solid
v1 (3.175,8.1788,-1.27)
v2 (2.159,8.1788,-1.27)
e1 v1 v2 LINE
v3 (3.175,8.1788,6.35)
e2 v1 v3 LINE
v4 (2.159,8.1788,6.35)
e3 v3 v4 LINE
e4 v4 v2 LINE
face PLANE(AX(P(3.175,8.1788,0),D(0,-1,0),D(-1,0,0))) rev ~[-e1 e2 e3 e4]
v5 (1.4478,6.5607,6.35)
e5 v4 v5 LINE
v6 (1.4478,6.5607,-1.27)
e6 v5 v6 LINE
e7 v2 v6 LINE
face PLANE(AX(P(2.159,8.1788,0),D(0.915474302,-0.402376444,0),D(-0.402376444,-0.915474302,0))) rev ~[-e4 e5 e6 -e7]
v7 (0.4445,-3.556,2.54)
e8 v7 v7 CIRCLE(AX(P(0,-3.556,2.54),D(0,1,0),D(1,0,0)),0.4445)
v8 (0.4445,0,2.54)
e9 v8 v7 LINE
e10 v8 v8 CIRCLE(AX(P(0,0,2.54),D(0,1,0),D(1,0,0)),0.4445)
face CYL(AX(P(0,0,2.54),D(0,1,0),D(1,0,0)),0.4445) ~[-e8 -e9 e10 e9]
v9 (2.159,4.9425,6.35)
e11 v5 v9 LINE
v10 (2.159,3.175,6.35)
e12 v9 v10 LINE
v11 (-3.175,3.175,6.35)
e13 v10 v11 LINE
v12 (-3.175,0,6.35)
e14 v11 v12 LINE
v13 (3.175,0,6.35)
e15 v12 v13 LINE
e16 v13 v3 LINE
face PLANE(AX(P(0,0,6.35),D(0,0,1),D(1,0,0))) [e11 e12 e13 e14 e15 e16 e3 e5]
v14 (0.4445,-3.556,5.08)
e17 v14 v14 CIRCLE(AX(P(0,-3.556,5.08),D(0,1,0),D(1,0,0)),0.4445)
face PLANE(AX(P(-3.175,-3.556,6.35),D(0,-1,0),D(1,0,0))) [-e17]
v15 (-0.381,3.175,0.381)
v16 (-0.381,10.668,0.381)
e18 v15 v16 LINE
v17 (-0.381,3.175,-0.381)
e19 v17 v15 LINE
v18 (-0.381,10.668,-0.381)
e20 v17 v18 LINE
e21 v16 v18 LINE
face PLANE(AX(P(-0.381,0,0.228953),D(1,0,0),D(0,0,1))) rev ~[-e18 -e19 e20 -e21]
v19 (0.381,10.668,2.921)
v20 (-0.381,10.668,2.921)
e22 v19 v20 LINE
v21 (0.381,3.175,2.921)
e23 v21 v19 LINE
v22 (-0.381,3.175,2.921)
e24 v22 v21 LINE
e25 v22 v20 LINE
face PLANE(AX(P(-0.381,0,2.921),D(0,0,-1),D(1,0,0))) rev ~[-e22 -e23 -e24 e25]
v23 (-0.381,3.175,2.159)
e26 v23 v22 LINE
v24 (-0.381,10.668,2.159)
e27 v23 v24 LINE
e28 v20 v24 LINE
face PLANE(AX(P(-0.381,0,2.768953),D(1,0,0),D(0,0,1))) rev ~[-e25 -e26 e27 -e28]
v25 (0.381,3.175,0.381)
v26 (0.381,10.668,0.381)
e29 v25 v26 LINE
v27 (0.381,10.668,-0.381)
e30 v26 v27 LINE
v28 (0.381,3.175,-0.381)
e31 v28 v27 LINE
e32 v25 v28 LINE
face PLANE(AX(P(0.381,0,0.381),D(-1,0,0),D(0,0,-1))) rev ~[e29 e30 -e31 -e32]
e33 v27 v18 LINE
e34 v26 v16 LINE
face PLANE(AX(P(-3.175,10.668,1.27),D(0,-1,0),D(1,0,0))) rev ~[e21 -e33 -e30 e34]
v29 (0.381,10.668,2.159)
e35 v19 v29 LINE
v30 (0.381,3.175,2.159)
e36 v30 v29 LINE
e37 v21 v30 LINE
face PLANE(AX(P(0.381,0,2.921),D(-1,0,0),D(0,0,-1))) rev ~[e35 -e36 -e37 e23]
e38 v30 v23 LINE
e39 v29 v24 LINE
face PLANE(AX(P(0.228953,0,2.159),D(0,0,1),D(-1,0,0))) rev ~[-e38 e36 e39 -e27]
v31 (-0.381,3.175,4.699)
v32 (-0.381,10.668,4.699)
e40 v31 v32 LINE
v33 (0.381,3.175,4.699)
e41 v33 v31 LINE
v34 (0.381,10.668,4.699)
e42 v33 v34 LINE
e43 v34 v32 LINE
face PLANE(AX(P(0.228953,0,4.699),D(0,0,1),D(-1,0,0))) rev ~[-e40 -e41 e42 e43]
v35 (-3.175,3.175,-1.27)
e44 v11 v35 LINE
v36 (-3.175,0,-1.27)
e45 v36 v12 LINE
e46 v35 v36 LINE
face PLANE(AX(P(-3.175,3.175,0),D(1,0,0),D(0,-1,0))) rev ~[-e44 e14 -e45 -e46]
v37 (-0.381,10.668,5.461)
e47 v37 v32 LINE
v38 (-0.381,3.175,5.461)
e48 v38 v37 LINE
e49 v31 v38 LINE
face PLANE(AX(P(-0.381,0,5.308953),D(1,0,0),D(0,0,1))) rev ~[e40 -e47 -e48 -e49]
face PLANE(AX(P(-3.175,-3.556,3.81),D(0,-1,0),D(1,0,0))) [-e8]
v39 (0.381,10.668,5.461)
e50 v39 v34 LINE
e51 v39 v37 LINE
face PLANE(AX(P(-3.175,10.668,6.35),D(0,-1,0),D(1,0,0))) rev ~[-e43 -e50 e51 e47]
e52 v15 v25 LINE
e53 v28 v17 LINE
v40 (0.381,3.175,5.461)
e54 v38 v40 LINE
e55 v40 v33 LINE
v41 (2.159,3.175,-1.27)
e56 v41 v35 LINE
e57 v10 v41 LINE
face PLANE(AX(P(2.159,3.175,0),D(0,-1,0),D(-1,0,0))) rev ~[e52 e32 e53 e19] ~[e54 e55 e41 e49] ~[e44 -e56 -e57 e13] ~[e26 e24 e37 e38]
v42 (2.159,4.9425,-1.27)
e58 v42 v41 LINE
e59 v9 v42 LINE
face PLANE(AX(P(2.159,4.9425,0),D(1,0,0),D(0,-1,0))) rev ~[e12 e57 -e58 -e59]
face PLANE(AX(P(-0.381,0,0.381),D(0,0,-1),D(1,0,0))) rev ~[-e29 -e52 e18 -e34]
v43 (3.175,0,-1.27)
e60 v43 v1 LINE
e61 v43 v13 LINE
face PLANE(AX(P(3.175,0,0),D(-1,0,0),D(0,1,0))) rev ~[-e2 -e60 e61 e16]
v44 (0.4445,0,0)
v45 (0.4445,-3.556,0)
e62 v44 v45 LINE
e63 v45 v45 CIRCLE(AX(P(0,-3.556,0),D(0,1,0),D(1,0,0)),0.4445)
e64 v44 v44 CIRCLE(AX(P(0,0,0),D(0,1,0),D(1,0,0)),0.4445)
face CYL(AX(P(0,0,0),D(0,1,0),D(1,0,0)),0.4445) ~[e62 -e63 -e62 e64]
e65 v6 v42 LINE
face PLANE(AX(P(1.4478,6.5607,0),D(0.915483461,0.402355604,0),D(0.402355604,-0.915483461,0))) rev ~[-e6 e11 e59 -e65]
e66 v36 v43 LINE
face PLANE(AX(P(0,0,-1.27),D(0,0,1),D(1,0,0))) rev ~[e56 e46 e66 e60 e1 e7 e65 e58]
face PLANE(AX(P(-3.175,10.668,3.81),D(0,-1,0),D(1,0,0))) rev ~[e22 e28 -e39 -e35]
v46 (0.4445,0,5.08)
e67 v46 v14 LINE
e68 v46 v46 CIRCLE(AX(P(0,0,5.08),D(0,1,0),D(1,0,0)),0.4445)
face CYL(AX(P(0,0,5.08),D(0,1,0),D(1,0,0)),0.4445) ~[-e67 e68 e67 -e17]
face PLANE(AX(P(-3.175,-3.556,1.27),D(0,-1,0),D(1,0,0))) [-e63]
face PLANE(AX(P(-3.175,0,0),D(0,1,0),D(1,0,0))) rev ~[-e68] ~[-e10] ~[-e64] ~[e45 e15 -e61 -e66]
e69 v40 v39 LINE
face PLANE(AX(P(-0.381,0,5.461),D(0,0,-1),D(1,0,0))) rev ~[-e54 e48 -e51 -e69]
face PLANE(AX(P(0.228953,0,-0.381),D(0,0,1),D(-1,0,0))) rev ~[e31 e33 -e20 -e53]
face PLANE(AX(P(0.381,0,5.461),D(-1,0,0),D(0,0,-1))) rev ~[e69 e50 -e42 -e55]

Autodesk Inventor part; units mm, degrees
ref_plane "YZ Plane (RIGHT)" through (0, 0, 0) normal (1, 0, 0) x (0, 1, 0)
ref_plane "XZ Plane (TOP)" through (0, 0, 0) normal (0, 1, 0) x (-1, 0, 0)
ref_plane "XY Plane (FRONT)" through (0, 0, 0) normal (0, 0, 1) x (1, 0, 0)
sketch "Sketch2" plane through (0, 0, 0) normal (0, 0, 1) x (1, 0, 0)
  line L0 (-4.445, 0) -> (4.445, 0) construction
  line L1 (0, 9.8146) -> (0, -1.6358) construction
  line L2 (-3.175, 0) -> (3.175, 0)
  line L3 (2.159, 3.175) -> (-3.175, 3.175)
  line L4 (-3.175, 3.175) -> (-3.175, 0)
  line L5 (3.175, 0) -> (3.175, 8.1788)
  line L6 (3.175, 8.1788) -> (2.159, 8.1788)
  line L7 (2.159, 8.1788) -> (1.4478, 6.5607)
  line L8 (1.4478, 6.5607) -> (2.159, 4.9425)
  line L9 (2.159, 4.9425) -> (2.159, 3.175)
  point P0 (0, 0)
  dimension "d0" = 6.35
  dimension "d1" = 3.175
  dimension "d2" = 8.1788
  dimension "d3" = 1.4478
  dimension "d4" = 1.016
extrude "Extrusion1" add sketch "Sketch2" along normal mid plane 2.54
sketch "Sketch3" plane through (-3.175, 0, 1.27) normal (0, -1, 0) x (1, 0, 0)
  line L0 (-1.27, -1.27) -> (7.62, -1.27) construction
  line L1 (3.175, 0.508) -> (3.175, -3.048) construction
  line L2 (2.794, -0.889) -> (3.556, -0.889)
  line L3 (3.556, -0.889) -> (3.556, -1.651)
  line L4 (3.556, -1.651) -> (2.794, -1.651)
  line L5 (2.794, -1.651) -> (2.794, -0.889)
  circle A0 centre (3.175, -1.27) radius 0.4445
  dimension "d7" = 0.762
  dimension "d15" = 0.889
extrude "Extrusion2" add sketch "Sketch3" along normal blind 3.556 contours A0 L2 | L2 A0 L3 L4 L5 | L5 A0 | A0 L3 | L4 A0
extrude "Extrusion3" add sketch "Sketch3" against normal blind 10.668 contours L2 A0 L5 | L2 A0 L3 L4 L5 | L2 L3 A0 | A0 L4 L5 | L3 L4 A0
pattern_linear "Rectangular Pattern1" count 3 spacing 2.54 along (0, 0, 1) of "Extrusion1", "Extrusion2", "Extrusion3"
properties part number "Molex KK 3 Pin"
